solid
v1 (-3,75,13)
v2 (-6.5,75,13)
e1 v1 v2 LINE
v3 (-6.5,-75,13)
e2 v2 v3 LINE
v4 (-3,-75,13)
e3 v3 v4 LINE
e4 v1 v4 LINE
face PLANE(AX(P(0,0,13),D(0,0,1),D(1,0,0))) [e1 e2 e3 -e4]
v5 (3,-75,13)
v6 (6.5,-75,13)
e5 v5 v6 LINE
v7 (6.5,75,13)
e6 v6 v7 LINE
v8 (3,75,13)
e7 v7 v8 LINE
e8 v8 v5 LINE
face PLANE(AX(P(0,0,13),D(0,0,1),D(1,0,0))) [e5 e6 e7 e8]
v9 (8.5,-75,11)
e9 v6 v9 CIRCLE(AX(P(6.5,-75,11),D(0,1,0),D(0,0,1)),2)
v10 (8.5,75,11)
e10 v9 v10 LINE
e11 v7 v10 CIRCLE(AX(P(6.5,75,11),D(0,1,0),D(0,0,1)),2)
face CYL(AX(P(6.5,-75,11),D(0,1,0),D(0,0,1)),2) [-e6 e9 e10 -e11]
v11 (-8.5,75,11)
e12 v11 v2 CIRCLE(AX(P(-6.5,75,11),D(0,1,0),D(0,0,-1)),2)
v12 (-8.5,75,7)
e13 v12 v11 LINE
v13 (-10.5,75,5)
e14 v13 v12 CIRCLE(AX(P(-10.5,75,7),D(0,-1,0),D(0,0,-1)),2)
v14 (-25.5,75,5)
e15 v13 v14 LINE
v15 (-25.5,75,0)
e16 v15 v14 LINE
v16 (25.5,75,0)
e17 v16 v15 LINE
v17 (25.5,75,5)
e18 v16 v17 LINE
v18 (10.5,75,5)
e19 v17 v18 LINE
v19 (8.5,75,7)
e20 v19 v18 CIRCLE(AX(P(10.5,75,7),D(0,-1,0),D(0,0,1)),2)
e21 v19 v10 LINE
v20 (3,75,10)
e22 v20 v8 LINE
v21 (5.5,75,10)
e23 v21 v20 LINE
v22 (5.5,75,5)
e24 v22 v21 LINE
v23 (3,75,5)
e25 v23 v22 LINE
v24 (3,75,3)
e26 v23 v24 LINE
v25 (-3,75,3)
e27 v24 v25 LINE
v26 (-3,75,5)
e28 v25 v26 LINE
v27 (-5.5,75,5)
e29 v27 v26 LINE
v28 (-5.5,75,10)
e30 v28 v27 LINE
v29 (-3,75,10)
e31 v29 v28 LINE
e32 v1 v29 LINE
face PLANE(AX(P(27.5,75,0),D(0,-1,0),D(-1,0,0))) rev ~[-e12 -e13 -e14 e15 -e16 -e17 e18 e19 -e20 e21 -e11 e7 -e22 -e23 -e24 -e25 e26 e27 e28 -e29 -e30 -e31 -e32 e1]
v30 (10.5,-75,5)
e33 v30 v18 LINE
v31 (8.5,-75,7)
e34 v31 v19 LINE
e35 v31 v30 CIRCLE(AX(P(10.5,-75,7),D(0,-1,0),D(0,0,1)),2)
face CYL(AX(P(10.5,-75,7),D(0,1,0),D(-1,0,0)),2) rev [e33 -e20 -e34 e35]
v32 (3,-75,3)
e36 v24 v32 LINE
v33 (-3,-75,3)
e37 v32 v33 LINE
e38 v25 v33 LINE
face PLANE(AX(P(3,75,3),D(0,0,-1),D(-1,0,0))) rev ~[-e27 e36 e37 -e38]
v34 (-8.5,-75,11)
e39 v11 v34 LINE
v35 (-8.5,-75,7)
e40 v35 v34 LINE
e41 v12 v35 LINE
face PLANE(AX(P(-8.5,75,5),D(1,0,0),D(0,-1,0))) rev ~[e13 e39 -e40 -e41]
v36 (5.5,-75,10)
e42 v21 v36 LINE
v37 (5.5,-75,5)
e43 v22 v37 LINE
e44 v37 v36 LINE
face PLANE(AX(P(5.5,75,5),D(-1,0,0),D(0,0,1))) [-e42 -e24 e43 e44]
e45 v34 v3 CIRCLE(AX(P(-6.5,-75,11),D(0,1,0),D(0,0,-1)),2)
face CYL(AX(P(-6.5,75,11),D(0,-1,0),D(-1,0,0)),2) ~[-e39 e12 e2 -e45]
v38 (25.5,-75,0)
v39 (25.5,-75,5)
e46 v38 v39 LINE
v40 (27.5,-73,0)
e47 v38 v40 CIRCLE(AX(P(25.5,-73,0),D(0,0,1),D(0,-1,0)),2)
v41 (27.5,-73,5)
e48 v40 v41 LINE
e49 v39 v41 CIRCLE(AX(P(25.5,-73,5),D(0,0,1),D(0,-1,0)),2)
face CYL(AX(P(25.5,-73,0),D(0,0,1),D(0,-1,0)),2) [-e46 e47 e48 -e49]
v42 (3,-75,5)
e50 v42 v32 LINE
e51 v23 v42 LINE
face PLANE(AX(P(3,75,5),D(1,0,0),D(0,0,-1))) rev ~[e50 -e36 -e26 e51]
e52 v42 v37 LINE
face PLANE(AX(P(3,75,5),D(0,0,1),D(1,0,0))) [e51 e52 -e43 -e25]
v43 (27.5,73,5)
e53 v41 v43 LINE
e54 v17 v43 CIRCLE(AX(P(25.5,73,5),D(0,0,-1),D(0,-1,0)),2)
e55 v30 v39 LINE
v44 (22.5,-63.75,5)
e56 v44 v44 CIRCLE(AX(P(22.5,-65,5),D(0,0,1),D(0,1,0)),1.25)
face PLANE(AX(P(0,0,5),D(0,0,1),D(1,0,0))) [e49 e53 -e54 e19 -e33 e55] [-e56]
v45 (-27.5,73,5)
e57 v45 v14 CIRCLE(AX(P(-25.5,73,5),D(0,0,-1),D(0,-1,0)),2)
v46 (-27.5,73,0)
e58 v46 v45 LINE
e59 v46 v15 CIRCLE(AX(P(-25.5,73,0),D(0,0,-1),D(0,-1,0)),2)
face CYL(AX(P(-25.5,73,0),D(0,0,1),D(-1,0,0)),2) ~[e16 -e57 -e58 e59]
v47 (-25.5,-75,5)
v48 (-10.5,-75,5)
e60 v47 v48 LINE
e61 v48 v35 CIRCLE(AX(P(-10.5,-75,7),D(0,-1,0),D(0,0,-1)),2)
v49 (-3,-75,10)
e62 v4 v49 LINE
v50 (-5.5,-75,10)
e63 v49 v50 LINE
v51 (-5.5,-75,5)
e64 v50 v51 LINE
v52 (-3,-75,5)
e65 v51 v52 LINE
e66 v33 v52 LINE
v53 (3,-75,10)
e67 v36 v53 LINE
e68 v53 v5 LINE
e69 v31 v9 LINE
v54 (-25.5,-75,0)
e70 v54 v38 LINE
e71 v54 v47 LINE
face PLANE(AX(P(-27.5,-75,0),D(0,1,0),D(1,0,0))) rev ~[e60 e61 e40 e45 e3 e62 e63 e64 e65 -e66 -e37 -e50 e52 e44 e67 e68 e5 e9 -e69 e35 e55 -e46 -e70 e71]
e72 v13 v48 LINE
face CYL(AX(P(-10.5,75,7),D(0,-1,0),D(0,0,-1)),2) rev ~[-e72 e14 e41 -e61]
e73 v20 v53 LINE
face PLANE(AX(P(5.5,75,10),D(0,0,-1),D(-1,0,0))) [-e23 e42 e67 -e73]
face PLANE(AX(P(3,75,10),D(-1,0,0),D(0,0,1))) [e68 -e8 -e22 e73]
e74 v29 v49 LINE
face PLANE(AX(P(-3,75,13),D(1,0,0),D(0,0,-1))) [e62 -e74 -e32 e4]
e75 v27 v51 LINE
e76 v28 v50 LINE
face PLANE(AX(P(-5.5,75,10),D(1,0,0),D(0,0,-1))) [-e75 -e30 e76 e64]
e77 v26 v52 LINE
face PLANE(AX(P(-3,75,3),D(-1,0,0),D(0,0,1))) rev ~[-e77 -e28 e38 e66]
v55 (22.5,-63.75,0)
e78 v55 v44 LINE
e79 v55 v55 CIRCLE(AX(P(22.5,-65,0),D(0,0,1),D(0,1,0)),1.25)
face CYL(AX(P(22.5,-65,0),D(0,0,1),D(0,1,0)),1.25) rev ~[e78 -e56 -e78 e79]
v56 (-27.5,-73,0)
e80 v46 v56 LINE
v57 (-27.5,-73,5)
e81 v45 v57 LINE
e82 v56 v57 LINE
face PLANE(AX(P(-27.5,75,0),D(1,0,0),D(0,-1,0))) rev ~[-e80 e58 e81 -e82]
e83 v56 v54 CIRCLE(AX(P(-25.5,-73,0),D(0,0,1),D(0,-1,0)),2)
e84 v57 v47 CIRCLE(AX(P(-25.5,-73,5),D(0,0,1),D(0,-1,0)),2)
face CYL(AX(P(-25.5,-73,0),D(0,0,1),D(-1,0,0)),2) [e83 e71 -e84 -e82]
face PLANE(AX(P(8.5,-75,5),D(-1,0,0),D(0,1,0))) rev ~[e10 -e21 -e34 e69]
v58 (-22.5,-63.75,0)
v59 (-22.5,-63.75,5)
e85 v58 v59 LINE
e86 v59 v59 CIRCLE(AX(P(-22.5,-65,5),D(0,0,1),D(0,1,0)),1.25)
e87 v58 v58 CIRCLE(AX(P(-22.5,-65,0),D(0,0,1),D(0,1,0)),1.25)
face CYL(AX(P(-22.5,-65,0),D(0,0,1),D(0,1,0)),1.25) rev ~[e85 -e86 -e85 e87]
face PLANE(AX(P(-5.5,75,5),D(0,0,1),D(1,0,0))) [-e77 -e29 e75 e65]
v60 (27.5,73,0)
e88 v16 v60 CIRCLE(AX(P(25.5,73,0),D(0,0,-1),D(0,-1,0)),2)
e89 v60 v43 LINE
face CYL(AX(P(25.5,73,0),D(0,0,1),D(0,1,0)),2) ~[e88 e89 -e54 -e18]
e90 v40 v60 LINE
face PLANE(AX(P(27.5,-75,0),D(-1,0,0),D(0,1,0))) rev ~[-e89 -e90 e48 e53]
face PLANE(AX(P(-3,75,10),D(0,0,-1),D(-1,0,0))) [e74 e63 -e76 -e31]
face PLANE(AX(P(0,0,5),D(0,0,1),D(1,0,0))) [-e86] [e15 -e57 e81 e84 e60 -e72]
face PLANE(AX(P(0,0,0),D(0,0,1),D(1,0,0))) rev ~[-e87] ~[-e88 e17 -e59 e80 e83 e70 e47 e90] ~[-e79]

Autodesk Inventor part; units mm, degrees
ref_plane "YZ Plane" through (0, 0, 0) normal (1, 0, 0) x (0, 1, 0)
ref_plane "XZ Plane" through (0, 0, 0) normal (0, 1, 0) x (-1, 0, 0)
ref_plane "XY Plane" through (0, 0, 0) normal (0, 0, 1) x (1, 0, 0)
sketch "スケッチ1" plane through (0, 0, 0) normal (0, 0, 1) x (1, 0, 0)
  line L0 (-27.5, -75) -> (27.5, -75)
  line L1 (27.5, -75) -> (27.5, 75)
  line L2 (27.5, 75) -> (-27.5, 75)
  line L3 (-27.5, 75) -> (-27.5, -75)
  line L4 (-27.5, -75) -> (27.5, 75) construction
  line L5 (27.5, -75) -> (-27.5, 75) construction
  point P0 (0, 0)
  dimension "d0" = 55
  dimension "d1" = 150
extrude "押し出し1" add sketch "スケッチ1" along normal blind 5
sketch "スケッチ2" plane through (0, 0, 5) normal (0, 0, 1) x (1, 0, 0)
  line L0 (27.5, 75) -> (-27.5, 75) projected
  line L1 (-8.5, -75) -> (8.5, -75)
  line L2 (8.5, -75) -> (8.5, 75)
  line L3 (8.5, 75) -> (-8.5, 75)
  line L4 (-8.5, 75) -> (-8.5, -75)
  line L5 (-8.5, -75) -> (8.5, 75) construction
  line L6 (8.5, -75) -> (-8.5, 75) construction
  point P0 (0, 0)
  dimension "d4" = 17
extrude "押し出し2" add sketch "スケッチ2" along normal blind 8
sketch "スケッチ3" plane through (-27.5, 75, 0) normal (0, 1, 0) x (1, 0, 0)
  line L0 (55, 0) -> (0, 0) projected
  line L1 (0, 0) -> (0, -5) projected
  line L2 (19, -5) -> (0, -5) projected
  line L3 (19, -5) -> (19, -13) projected
  line L4 (36, -13) -> (19, -13) projected
  line L5 (36, -5) -> (36, -13) projected
  line L6 (55, -5) -> (36, -5) projected
  line L7 (55, 0) -> (55, -5) projected
  line L8 (36, -5) -> (36, -13) projected
  line L9 (19, -5) -> (36, -5)
  line L10 (36, -5) -> (36, -10)
  line L11 (36, -10) -> (19, -10)
  line L12 (19, -10) -> (19, -5)
  line L13 (22, -5) -> (33, -5)
  line L14 (33, -5) -> (33, -10)
  line L15 (33, -10) -> (22, -10)
  line L16 (22, -10) -> (22, -5)
  line L17 (19, -13) -> (36, -13) projected
  line L18 (24.5, -10) -> (30.5, -10)
  line L19 (30.5, -10) -> (30.5, -13)
  line L20 (30.5, -13) -> (24.5, -13)
  line L21 (24.5, -13) -> (24.5, -10)
  line L22 (24.5, -5) -> (30.5, -5)
  line L23 (30.5, -5) -> (30.5, -3)
  line L24 (30.5, -3) -> (24.5, -3)
  line L25 (24.5, -3) -> (24.5, -5)
  point P0 (27.5, 0)
  dimension "d7" = 5
  dimension "d8" = 11
  dimension "d9" = 3
  dimension "d10" = 6
  dimension "d11" = 5.5
  dimension "d14" = 2
extrude "押し出し3" cut sketch "スケッチ3" against normal through all contours L14 L11 L16 L9 | L9 L25 L24 L23 | L4 L21 L11 L19
sketch "スケッチ4" plane through (0, 0, 0) normal (0, 0, -1) x (-1, 0, 0)
  line L0 (27.5, -75) -> (-27.5, -75) projected
  line L1 (-27.5, -75) -> (-27.5, 75) projected
  point P0 (0, 0)
  point P1 (-22.5, -65)
  point P2 (22.5, -65)
  dimension "d15" = 10
  dimension "d16" = 10
  dimension "d17" = 45
  dimension "d18" = 5
hole "穴1" at (22.5, -65, 0) at (-22.5, -65, 0) direction (0, 0, 1) diameter 2.5 end through all
fillet "フィレット1" radius 2 8 edges at (-8.5, 0, 5) (8.5, 0, 5) (8.5, 0, 13) (-8.5, 0, 13) (27.5, -75, 2.5) (-27.5, -75, 2.5) (27.5, 75, 2.5) (-27.5, 75, 2.5)
properties part number "slide_part"
